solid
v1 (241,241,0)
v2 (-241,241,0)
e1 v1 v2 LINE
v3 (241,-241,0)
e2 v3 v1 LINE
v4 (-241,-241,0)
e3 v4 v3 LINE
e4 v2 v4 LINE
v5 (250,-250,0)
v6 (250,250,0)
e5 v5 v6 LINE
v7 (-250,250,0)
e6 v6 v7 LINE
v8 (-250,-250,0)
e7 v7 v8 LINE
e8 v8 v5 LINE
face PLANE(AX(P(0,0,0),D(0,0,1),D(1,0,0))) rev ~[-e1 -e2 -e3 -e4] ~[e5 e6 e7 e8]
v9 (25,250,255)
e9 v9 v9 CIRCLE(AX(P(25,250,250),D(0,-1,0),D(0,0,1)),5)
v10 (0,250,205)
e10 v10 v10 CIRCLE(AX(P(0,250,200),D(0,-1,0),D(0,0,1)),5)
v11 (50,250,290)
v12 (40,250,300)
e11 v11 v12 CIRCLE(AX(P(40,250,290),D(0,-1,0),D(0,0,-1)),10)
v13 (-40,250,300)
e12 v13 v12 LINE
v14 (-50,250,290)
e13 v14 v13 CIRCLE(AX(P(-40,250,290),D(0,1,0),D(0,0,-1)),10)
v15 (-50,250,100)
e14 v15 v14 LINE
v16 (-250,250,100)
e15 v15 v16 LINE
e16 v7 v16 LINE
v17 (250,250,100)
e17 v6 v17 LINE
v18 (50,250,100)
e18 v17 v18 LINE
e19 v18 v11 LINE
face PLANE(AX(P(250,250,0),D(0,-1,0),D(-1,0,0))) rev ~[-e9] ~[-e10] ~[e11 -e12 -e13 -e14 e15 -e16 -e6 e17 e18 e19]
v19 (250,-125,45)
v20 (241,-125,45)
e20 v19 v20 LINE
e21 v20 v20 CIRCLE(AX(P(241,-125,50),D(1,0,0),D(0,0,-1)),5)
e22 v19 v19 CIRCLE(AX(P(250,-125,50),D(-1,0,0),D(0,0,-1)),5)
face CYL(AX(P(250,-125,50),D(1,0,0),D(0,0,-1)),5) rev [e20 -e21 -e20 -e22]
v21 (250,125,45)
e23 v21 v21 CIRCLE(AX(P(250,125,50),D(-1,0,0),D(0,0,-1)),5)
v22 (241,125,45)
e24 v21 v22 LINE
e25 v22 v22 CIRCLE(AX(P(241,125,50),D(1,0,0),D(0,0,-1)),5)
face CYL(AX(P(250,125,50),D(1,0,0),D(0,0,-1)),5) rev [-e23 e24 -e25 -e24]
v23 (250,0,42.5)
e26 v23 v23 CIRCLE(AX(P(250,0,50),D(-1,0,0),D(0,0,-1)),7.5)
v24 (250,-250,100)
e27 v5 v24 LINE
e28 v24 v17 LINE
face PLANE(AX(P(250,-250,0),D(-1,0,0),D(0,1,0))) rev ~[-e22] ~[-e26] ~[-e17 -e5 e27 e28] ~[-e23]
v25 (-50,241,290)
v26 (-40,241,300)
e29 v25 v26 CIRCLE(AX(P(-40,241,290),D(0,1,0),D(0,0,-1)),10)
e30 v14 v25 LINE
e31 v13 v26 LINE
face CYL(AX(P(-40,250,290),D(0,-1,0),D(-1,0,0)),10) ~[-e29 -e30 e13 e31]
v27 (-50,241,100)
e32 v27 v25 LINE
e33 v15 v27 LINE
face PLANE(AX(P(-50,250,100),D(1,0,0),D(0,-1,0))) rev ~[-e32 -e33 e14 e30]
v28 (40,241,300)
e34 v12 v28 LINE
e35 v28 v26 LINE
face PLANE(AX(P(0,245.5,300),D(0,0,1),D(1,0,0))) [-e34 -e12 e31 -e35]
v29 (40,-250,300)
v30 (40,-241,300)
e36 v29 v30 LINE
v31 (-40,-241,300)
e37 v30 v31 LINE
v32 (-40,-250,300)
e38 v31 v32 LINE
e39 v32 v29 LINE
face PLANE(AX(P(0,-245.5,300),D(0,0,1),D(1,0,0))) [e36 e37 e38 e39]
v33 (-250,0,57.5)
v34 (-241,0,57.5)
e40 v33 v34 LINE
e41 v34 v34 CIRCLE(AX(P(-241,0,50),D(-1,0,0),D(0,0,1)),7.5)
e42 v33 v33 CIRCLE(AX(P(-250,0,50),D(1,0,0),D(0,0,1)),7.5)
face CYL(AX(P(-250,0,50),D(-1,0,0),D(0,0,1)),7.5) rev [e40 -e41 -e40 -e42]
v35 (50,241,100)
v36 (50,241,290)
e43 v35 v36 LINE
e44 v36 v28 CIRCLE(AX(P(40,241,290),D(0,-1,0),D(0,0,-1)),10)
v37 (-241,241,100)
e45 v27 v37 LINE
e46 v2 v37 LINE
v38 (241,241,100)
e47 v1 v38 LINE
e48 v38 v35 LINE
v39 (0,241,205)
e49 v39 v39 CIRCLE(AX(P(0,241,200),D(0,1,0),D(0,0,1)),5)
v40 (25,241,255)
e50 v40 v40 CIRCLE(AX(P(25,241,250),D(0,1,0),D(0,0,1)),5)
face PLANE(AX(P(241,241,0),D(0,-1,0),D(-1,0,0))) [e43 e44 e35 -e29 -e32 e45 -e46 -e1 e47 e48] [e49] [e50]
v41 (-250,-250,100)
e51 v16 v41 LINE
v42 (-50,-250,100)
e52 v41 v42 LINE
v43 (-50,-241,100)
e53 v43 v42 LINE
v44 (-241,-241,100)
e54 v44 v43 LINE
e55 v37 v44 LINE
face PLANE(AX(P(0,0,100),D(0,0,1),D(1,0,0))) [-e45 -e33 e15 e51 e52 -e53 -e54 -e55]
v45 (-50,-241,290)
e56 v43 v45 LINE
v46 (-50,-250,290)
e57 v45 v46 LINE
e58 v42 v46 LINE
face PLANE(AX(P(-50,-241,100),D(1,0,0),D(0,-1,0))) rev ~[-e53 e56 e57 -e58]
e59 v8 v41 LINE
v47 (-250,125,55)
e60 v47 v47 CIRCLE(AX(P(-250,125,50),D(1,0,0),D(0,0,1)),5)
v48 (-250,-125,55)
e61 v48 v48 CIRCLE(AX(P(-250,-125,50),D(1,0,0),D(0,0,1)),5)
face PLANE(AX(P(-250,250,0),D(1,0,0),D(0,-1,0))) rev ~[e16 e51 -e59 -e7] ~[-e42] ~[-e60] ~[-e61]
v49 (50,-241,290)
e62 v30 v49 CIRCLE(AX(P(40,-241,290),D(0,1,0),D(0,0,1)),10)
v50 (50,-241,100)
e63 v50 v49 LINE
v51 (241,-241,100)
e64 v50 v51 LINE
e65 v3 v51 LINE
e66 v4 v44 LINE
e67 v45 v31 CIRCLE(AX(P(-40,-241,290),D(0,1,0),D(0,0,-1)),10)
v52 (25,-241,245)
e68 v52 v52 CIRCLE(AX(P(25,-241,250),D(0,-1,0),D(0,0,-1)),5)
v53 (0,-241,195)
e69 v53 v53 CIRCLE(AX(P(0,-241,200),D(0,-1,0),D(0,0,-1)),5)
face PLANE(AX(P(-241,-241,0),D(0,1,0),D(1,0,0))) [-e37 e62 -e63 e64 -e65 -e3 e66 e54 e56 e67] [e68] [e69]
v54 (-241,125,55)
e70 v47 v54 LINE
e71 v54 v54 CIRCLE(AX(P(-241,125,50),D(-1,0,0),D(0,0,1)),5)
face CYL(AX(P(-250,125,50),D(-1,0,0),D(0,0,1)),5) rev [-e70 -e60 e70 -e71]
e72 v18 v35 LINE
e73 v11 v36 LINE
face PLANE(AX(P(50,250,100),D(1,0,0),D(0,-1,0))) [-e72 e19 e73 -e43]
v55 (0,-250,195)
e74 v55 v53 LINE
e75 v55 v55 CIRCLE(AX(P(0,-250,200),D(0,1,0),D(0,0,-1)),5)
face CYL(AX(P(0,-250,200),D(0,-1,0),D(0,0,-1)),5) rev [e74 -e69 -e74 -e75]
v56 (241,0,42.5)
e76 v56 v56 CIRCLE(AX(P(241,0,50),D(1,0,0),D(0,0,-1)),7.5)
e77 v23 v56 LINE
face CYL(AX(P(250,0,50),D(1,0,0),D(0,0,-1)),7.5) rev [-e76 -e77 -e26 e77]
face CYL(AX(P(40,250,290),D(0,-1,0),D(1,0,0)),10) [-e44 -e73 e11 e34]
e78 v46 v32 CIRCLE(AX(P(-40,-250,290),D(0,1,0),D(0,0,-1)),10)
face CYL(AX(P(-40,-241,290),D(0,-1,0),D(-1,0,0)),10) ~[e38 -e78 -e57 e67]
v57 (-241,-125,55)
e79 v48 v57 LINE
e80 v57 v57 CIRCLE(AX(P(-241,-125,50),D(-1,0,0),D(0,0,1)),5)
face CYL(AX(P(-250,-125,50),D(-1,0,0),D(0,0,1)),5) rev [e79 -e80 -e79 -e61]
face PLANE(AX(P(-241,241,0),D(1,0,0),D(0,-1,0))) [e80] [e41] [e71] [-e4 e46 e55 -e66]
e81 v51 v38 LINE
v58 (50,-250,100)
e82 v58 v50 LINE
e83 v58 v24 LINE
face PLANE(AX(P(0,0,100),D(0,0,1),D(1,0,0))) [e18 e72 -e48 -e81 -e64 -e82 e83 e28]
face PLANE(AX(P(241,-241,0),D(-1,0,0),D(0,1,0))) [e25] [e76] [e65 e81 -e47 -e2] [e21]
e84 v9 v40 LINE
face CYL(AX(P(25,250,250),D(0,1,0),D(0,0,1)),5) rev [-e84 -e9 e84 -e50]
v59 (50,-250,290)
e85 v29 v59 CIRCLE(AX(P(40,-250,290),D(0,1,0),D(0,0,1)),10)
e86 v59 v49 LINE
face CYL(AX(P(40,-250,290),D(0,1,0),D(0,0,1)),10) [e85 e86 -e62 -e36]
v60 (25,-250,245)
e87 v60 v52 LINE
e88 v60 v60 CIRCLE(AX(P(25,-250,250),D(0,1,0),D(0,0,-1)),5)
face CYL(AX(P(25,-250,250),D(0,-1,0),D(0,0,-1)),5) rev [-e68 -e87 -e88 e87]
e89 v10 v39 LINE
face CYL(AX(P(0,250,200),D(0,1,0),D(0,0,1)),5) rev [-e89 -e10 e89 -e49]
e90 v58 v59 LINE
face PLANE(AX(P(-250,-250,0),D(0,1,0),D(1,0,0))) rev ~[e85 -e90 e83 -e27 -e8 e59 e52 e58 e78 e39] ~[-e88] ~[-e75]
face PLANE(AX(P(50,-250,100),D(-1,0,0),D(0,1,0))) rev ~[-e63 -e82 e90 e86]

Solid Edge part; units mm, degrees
sketch "Sketch1" plane through (0, 0, 0) normal (0, 0, 1) x (1, 0, 0)
  line L0 (-250, -250) -> (250, -250)
  line L1 (250, -250) -> (250, 250)
  line L2 (250, 250) -> (-250, 250)
  line L3 (-250, 250) -> (-250, -250)
  line L4 (-241, -241) -> (241, -241)
  line L5 (241, -241) -> (241, 241)
  line L6 (241, 241) -> (-241, 241)
  line L7 (-241, 241) -> (-241, -241)
  dimension "D1" = 500
  dimension "D2" = 500
  dimension "D3" = 9
  dimension "D4" = 9
extrude "Protrusion1" add sketch "Sketch1" along normal blind 100
sketch "Sketch2" plane through (0, 0, 100) normal (0, 0, 1) x (1, 0, 0)
  line L0 (0, 250) -> (-50, 250)
  line L1 (-50, 250) -> (-50, 241)
  line L2 (-50, 241) -> (0, 241)
  line L3 (50, 241) -> (0, 241)
  line L4 (50, 250) -> (50, 241)
  line L5 (0, 250) -> (50, 250)
  line L6 (-50, -250) -> (50, -250)
  line L7 (50, -250) -> (50, -241)
  line L8 (50, -241) -> (-50, -241)
  line L9 (-50, -241) -> (-50, -250)
  dimension "D1" = 100
  dimension "D2" = 100
extrude "ExtrudedProtrusion_2" add sketch "Sketch2" along normal blind 200
hole "Hole_1" at (250, -125, 50) direction (-1, 0, 0) diameter 10 end up to next
hole "Hole_2" at (250, 125, 50) direction (-1, 0, 0) diameter 10 end up to next
hole "Hole_Screw1" at (250, 0, 50) direction (-1, 0, 0) diameter 15 end up to next
hole "Hole_4" at (-250, 125, 50) direction (1, 0, 0) diameter 10 end up to next
hole "Hole1" at (-250, -125, 50) direction (1, 0, 0) diameter 10 end up to next
hole "Hole_Screw2" at (-250, 0, 50) direction (1, 0, 0) diameter 15 end up to next
hole "Hole_7" at (25, -250, 250) direction (0, 1, 0) diameter 10 end up to next
hole "Hole2" at (0, -250, 200) direction (0, 1, 0) diameter 10 end up to next
hole "Hole_9" at (25, 250, 250) direction (0, -1, 0) diameter 10 end up to next
hole "Hole3" at (0, 250, 200) direction (0, -1, 0) diameter 10 end up to next
fillet "Round1" radius 10 4 edges at (-50, 245.5, 300) (50, 245.5, 300) (-50, -245.5, 300) (50, -245.5, 300)
